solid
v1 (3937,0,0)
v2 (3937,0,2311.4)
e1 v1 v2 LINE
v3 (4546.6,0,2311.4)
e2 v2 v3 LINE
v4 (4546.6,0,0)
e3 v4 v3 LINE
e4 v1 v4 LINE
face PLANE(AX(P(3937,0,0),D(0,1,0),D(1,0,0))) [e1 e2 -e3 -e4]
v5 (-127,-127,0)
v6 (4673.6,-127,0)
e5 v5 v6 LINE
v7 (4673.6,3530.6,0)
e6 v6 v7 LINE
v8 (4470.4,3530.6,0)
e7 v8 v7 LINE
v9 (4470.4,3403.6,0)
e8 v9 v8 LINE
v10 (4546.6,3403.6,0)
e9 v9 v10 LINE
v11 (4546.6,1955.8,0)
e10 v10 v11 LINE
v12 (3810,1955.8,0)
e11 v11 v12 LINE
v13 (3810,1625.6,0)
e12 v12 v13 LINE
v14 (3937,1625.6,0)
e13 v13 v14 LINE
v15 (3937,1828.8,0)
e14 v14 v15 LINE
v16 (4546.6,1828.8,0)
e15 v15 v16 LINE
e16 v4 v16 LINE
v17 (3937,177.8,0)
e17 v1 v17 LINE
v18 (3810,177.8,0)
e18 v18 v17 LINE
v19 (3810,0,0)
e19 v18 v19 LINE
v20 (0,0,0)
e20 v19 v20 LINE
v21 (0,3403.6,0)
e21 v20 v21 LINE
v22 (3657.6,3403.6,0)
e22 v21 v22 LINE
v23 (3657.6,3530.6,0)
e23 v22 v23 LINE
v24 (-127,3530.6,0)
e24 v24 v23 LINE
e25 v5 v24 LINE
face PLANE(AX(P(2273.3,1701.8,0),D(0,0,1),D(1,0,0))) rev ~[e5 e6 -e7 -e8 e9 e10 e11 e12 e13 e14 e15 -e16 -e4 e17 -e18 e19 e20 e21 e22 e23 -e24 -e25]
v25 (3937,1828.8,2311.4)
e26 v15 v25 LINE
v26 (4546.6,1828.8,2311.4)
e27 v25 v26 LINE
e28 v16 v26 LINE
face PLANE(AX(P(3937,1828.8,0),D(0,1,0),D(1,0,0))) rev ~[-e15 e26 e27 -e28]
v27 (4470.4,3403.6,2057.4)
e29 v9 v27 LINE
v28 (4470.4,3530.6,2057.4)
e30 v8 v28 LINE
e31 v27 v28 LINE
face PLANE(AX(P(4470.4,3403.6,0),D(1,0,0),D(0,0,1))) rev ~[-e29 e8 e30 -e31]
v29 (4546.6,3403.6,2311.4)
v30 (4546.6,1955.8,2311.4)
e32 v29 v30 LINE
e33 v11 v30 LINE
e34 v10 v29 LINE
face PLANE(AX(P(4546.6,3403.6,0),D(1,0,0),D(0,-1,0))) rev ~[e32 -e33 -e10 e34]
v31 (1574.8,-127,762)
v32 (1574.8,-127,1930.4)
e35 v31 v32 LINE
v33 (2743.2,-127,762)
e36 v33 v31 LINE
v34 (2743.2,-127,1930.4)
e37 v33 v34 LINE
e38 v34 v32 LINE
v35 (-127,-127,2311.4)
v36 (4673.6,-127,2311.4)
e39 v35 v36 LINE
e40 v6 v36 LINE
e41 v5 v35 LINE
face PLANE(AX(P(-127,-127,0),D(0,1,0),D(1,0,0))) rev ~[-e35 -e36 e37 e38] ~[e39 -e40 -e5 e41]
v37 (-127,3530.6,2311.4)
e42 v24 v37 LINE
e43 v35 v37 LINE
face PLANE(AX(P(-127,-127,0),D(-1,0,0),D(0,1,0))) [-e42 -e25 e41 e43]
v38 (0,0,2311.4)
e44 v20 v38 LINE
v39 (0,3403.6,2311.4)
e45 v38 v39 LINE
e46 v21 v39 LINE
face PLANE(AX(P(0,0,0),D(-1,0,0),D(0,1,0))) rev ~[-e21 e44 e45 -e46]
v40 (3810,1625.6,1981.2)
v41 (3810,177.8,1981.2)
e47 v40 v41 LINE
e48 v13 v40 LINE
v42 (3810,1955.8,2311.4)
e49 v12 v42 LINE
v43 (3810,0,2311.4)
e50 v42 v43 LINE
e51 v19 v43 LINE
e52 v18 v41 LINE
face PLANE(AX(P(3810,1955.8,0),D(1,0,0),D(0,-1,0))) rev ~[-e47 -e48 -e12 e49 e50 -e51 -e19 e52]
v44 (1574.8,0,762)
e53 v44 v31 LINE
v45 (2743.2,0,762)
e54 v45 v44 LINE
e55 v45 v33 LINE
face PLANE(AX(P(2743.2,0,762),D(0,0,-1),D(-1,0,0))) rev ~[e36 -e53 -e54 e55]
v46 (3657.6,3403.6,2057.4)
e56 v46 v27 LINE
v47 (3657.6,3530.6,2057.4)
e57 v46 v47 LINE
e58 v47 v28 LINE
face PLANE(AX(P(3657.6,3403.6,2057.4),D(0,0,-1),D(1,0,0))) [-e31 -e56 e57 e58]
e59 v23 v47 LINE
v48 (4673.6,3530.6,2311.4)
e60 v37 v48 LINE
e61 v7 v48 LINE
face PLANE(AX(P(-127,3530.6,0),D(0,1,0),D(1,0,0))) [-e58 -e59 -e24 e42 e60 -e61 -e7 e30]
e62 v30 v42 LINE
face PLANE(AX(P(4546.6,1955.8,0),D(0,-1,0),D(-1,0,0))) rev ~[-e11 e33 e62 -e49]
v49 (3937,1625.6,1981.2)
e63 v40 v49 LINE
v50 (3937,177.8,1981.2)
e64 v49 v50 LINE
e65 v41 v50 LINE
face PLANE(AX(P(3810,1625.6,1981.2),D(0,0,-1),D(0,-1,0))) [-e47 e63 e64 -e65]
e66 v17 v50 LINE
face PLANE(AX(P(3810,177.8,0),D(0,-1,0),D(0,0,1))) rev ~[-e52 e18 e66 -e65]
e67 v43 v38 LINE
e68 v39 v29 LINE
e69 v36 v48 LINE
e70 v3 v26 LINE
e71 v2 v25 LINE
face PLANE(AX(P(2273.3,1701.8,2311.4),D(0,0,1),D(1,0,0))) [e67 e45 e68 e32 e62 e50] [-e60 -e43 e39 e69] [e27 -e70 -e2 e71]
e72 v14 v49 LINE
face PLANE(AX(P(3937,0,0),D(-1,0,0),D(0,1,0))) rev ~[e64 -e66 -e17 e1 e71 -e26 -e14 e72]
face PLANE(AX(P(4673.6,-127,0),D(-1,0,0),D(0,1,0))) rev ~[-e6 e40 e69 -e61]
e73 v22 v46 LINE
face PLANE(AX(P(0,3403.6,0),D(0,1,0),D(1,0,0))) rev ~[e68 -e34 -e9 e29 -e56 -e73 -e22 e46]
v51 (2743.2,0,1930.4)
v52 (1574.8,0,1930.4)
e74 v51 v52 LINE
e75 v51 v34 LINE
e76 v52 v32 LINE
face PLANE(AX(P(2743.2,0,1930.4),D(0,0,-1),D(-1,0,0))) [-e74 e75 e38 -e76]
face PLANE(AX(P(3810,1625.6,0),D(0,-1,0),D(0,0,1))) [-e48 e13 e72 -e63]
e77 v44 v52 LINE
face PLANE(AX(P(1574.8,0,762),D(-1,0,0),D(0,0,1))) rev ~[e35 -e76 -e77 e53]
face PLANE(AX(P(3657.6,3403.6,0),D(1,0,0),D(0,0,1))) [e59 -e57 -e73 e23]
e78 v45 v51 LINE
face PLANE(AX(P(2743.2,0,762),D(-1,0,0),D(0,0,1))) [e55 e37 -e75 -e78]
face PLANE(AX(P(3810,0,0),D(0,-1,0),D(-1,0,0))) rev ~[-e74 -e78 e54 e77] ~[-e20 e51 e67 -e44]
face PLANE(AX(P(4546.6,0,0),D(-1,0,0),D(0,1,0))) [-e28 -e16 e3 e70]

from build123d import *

# Parameters (mm, degrees)
F0_W     = 4800.6
F0_H     = 3657.6
F0_W_2   = 609.6
F0_H_2   = 1828.8
F1_DEPTH = 2311.4
F2_W     = 1168.4
F2_H     = 1168.4
F3_DEPTH = 127
F4_W     = 812.8
F4_H     = 2057.4
F5_DEPTH = 127
F6_W     = 1447.8
F6_H     = 1981.2
F7_DEPTH = 127


with BuildPart() as f1:
    # F0 (on Top) → F1 (new body)
    with BuildSketch(Plane.XY):
        with Locations((2273.3, 1701.8)):
            Rectangle(F0_W, F0_H)
        with Locations((4241.8, 914.4)):
            Rectangle(F0_W_2, F0_H_2, mode=Mode.SUBTRACT)
        Polygon((0, 0), (0, 3403.6), (4546.6, 3403.6), (4546.6, 1955.8), (3810, 1955.8), (3810, 0), align=None, mode=Mode.SUBTRACT)
    extrude(amount=F1_DEPTH)

    # F2 (on face) → F3 (cut, through all)
    with BuildSketch(Plane(origin=(0, 0, 0), x_dir=(-1, 0, 0), z_dir=(0, 1, 0))):
        with Locations((-2159, 1346.2)):
            Rectangle(F2_W, F2_H)
    extrude(amount=-F3_DEPTH, mode=Mode.SUBTRACT)

    # F4 (on face) → F5 (cut, through all)
    with BuildSketch(Plane.XZ.offset(-3403.6)):
        with Locations((4064, 1028.7)):
            Rectangle(F4_W, F4_H)
    extrude(amount=-F5_DEPTH, mode=Mode.SUBTRACT)

    # F6 (on face) → F7 (cut, through all)
    with BuildSketch(Plane(origin=(3810, 0, 0), x_dir=(0, -1, 0), z_dir=(-1, 0, 0))):
        with Locations((-901.7, 990.6)):
            Rectangle(F6_W, F6_H)
    extrude(amount=-F7_DEPTH, mode=Mode.SUBTRACT)


solid = f1.part
